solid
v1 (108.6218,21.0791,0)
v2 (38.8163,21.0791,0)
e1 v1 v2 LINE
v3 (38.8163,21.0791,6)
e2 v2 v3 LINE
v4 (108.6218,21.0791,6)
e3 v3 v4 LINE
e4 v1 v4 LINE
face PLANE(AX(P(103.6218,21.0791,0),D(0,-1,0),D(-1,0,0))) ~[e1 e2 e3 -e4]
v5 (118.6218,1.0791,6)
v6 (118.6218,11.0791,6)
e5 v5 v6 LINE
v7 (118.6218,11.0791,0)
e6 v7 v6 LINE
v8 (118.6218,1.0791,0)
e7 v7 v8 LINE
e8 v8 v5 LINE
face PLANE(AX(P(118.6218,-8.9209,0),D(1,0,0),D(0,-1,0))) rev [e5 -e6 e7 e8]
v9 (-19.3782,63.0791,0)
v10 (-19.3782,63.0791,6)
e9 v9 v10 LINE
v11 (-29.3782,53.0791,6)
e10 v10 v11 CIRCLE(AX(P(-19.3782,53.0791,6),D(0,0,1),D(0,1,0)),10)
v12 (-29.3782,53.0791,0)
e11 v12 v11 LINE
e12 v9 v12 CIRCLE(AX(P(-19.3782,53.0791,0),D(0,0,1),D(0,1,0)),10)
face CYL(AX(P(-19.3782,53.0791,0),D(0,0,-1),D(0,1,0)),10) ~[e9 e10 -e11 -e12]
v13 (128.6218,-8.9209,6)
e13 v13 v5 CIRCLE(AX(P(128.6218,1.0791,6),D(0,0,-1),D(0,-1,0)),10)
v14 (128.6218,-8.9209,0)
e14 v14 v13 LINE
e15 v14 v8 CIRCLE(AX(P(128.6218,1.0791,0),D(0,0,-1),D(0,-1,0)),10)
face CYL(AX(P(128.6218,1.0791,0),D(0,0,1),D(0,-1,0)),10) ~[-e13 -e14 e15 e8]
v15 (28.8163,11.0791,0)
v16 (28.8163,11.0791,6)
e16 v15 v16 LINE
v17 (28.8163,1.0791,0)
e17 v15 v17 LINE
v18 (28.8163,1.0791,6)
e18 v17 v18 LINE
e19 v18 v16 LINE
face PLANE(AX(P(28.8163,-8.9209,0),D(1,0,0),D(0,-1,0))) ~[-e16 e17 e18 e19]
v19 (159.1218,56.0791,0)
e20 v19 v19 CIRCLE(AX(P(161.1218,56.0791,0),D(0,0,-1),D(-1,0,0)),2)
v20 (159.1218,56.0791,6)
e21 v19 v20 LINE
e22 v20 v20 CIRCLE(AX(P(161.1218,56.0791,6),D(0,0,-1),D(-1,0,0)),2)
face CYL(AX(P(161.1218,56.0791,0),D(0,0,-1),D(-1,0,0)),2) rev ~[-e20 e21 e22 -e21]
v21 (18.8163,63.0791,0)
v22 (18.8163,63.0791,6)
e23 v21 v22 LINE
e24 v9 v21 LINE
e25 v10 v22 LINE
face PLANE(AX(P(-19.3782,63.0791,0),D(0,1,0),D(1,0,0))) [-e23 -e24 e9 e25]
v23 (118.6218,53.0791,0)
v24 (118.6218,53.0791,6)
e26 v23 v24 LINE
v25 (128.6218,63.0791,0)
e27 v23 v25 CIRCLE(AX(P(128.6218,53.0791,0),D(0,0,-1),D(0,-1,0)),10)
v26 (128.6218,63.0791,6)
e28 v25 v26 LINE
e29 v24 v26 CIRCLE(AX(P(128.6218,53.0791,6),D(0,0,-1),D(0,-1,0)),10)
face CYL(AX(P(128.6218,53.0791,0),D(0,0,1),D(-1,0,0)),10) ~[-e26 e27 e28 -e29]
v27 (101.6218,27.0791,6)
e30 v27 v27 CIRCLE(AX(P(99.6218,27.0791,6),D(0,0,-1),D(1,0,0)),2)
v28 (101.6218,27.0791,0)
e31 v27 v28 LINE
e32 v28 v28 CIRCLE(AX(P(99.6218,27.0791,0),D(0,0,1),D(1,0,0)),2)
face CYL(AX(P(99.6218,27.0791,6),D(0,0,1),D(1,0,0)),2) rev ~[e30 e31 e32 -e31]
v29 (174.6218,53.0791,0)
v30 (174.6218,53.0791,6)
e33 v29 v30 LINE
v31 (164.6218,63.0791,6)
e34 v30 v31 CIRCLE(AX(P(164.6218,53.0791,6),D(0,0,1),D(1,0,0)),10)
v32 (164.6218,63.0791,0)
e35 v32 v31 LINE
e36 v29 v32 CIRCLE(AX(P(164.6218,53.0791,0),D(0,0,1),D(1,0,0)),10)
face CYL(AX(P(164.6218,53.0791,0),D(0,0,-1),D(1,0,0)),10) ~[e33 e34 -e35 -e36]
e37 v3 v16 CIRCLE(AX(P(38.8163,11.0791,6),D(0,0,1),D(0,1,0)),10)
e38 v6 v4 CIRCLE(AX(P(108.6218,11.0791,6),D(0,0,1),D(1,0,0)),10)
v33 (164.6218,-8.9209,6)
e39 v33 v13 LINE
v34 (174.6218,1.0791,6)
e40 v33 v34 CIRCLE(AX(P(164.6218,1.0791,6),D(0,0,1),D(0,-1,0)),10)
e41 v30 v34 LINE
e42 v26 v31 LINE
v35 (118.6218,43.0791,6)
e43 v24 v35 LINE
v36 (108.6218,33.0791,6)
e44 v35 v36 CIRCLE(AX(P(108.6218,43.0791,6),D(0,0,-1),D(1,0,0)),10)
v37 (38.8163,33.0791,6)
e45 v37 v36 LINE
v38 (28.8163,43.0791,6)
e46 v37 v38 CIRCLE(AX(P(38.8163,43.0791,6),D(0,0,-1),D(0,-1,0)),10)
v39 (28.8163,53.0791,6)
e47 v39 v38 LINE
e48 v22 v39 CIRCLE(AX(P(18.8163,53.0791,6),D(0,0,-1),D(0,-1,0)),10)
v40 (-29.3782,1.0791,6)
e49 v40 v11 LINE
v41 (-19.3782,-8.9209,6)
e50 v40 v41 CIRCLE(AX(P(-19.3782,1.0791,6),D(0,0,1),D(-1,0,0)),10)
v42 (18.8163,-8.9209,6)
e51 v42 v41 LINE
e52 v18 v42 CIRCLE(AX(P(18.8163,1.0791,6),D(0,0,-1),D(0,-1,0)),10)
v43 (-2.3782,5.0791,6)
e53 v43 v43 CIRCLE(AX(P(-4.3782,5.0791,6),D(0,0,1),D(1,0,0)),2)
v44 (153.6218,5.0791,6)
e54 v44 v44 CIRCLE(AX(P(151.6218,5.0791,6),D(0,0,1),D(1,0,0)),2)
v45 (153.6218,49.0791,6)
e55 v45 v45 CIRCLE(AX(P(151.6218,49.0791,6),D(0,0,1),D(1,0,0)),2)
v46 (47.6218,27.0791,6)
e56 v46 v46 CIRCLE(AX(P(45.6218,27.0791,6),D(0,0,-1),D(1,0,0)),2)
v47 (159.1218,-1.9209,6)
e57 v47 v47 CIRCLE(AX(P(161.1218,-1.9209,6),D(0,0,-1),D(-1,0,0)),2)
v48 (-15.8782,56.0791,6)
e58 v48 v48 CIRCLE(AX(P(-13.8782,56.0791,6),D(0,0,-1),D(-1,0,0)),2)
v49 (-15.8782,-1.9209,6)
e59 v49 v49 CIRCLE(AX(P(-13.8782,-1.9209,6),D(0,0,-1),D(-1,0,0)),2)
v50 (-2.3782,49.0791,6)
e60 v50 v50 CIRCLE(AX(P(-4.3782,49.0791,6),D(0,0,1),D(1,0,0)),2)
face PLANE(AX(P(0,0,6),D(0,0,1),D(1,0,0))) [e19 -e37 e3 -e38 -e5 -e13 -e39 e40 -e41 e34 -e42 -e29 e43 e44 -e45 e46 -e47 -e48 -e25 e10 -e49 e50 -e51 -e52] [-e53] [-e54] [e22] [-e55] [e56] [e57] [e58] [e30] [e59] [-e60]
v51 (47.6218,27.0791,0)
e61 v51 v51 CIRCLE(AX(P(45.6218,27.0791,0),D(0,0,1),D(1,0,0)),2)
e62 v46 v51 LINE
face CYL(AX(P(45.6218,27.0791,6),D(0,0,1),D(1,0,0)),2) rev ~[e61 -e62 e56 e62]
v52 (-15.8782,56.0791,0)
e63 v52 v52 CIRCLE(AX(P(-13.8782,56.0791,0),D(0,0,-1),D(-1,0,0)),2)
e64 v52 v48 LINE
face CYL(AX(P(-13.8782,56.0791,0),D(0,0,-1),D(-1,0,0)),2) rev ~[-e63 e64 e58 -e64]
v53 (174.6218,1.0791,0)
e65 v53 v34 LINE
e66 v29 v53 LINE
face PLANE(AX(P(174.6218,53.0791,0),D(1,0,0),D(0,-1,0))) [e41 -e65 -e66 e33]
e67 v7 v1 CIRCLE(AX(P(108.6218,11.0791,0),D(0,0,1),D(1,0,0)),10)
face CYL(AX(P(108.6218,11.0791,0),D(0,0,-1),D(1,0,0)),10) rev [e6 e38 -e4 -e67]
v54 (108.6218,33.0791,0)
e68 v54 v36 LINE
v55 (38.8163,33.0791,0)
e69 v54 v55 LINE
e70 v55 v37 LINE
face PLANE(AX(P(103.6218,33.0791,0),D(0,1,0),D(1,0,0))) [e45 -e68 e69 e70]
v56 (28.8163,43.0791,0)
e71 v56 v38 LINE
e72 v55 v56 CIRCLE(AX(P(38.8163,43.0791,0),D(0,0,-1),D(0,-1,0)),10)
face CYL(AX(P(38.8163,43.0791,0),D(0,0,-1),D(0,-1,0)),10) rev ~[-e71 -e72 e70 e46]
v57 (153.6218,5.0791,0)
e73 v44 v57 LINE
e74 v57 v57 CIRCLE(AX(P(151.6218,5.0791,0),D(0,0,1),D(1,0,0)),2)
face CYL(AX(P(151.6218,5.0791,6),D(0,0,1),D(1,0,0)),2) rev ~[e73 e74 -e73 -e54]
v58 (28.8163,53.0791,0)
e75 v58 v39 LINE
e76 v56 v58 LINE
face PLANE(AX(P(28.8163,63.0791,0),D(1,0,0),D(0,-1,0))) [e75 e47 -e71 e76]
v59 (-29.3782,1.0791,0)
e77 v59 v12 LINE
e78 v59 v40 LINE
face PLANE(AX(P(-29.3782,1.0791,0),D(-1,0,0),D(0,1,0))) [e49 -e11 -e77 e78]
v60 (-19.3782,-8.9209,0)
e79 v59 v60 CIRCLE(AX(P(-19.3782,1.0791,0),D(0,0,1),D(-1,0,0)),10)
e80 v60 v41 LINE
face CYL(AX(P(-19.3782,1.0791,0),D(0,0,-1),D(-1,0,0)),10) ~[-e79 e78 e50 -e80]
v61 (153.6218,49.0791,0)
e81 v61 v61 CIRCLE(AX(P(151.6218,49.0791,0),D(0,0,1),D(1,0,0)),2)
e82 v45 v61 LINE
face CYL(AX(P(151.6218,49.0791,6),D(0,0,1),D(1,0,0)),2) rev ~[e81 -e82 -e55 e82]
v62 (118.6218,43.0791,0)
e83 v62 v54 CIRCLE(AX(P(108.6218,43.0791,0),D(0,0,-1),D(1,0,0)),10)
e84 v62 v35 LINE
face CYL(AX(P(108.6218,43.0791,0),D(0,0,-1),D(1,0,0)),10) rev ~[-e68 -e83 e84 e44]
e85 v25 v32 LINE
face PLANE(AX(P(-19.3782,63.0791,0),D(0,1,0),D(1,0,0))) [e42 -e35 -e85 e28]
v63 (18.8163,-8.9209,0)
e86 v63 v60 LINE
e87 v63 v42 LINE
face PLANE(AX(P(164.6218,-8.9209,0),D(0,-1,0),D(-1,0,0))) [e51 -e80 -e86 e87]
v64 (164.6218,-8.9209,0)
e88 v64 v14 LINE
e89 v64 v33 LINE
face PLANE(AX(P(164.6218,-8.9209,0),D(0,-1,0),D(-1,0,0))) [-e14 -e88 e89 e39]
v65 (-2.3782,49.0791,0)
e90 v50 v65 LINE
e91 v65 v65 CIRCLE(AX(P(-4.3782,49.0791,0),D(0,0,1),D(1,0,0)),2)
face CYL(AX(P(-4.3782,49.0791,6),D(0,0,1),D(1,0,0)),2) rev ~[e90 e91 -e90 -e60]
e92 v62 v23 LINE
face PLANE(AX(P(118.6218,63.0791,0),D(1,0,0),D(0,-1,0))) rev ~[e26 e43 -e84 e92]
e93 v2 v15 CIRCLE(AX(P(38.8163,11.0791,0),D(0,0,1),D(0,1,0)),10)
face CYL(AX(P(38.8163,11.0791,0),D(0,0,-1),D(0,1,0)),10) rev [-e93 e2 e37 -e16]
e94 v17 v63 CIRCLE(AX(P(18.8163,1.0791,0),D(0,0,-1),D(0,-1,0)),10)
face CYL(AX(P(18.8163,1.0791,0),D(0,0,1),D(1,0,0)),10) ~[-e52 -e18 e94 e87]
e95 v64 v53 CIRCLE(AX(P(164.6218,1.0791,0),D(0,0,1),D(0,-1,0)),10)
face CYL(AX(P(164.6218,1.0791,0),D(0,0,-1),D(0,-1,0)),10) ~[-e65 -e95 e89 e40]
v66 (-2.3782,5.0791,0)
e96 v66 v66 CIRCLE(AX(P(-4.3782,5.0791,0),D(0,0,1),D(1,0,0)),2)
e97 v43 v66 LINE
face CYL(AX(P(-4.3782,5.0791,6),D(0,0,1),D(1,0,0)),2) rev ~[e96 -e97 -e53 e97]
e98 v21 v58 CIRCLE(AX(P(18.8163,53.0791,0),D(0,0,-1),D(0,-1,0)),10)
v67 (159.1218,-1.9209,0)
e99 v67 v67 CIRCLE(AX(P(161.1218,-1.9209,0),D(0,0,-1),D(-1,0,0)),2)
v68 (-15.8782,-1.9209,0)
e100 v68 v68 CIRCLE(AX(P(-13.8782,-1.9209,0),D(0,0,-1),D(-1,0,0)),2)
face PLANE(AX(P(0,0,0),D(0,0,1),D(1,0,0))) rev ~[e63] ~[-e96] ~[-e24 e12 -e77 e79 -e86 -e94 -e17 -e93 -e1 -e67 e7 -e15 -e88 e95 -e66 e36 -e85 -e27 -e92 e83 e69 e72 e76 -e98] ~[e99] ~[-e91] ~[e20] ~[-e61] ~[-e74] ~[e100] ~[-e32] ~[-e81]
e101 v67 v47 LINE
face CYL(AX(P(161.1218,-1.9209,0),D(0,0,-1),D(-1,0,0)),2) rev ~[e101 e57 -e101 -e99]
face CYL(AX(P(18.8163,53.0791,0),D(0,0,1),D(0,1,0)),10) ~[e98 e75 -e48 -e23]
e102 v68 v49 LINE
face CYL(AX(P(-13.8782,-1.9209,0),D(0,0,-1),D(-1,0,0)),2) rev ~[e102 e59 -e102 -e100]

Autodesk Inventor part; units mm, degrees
ref_plane "YZ Plane" through (0, 0, 0) normal (1, 0, 0) x (0, 1, 0)
sketch "Sketch1" plane through (0, 0, 0) normal (0, 0, 1) x (1, 0, 0)
  line L0 (-19.3782, 63.0791) -> (164.6218, 63.0791)
  line L1 (174.6218, 53.0791) -> (174.6218, 1.0791)
  line L2 (164.6218, -8.9209) -> (-19.3782, -8.9209)
  line L3 (-29.3782, 1.0791) -> (-29.3782, 53.0791)
  arc A0 (-19.3782, 63.0791) -> (-29.3782, 53.0791) centre (-19.3782, 53.0791) ccw
  arc A1 (-29.3782, 1.0791) -> (-19.3782, -8.9209) centre (-19.3782, 1.0791) ccw
  arc A2 (164.6218, -8.9209) -> (174.6218, 1.0791) centre (164.6218, 1.0791) ccw
  arc A3 (174.6218, 53.0791) -> (164.6218, 63.0791) centre (164.6218, 53.0791) ccw
  point P0 (0, 0)
  point P1 (-29.3782, 63.0791)
  point P2 (174.6218, -8.9209)
  point P3 (-29.3782, -8.9209)
  dimension "d0" = 204
  dimension "d1" = 72
  dimension "d2" = 10
extrude "Extrusion1" add sketch "Sketch1" along normal blind 6
sketch "Sketch4" plane through (0, 0, 6) normal (0, 0, 1) x (1, 0, 0)
  circle A0 centre (-4.3782, 5.0791) radius 2
  circle A1 centre (-19.3782, 14.5791) radius 2 projected
  circle A2 centre (-4.3782, 49.0791) radius 2
  circle A3 centre (-19.3782, 39.5791) radius 2 projected
  line L0 (164.6218, 63.0791) -> (-19.3782, 63.0791) projected
  line L1 (72.6218, 63.0791) -> (72.6218, -8.9209)
  line L2 (-19.3782, -8.9209) -> (164.6218, -8.9209) projected
  circle A4 centre (151.6218, 5.0791) radius 2
  circle A5 centre (151.6218, 49.0791) radius 2
  line L3 (-29.3782, 53.0791) -> (-29.3782, 1.0791) projected
  point P0 (0, 0)
  dimension "d17" = 4
  dimension "d19" = 4
  dimension "d38" = 14
  dimension "d39" = 14
  dimension "d40" = 25
  dimension "d41" = 25
  dimension "d43" = 156
  dimension "d44" = 156
  dimension "d45" = 79
extrude "Extrusion4" cut sketch "Sketch4" against normal blind 6 contours A0 | A2 | A4 | A5
ref_plane "Work Plane1" through (74.6218, 1.0791, 0) normal (1, 0, 0) x (0, 0, -1)
ref_plane "Work Plane2" through (-19.3782, 27.0791, 0) normal (0, -1, 0) x (1, 0, 0)
sketch "Sketch5" plane through (0, 0, 0) normal (0, 0, -1) x (-1, 0, 0)
  line L0 (-41.6218, -8.9209) -> (-72.6218, -8.9209)
  line L1 (-72.6218, -8.9209) -> (-72.6218, 21.0791)
  line L2 (-72.6218, 21.0791) -> (-41.6218, 21.0791)
  line L3 (-41.6218, 21.0791) -> (-41.6218, -8.9209)
  line L4 (19.3782, -8.9209) -> (-164.6218, -8.9209) projected
  line L5 (-164.6218, 63.0791) -> (19.3782, 63.0791) projected
  line L6 (-72.6218, -8.9209) -> (-103.6218, -8.9209)
  line L7 (-103.6218, -8.9209) -> (-103.6218, 21.0791)
  line L8 (-103.6218, 21.0791) -> (-72.6218, 21.0791)
  line L9 (-72.6218, 21.0791) -> (-72.6218, -8.9209)
  line L10 (-43.8163, 63.0791) -> (-72.6218, 63.0791)
  line L11 (-72.6218, 63.0791) -> (-72.6218, 33.0791)
  line L12 (-72.6218, 33.0791) -> (-53.8163, 33.0791)
  line L13 (-43.8163, 32.0791) -> (-43.8163, 63.0791)
  line L14 (-72.6218, 33.0791) -> (-93.6218, 33.0791)
  line L15 (-103.6218, 31.0791) -> (-103.6218, 63.0791)
  line L16 (-103.6218, 63.0791) -> (-72.6218, 63.0791)
  line L17 (-72.6218, 63.0791) -> (-72.6218, 33.0791)
  line L18 (-41.6218, -8.9209) -> (-6.6218, -8.9209)
  line L19 (-43.8163, 63.0791) -> (-11.7113, 63.0791)
  line L20 (-103.6218, -8.9209) -> (-138.6218, -8.9209)
  line L21 (-103.6218, 63.0791) -> (-138.6218, 63.0791)
  line L22 (-43.8163, 63.0791) -> (-28.8163, 63.0791)
  line L23 (-28.8163, 63.0791) -> (-28.8163, 51.444)
  line L24 (-43.8163, 32.0791) -> (-43.8163, 63.0791)
  line L25 (-103.6218, 63.0791) -> (-118.6218, 63.0791)
  line L26 (-118.6218, 63.0791) -> (-118.6218, 50.444)
  line L27 (-103.6218, 31.0791) -> (-103.6218, 63.0791)
  line L28 (-72.6218, -8.9209) -> (-72.6218, 21.0791)
  line L29 (-72.6218, 33.0791) -> (-72.6218, 63.0791)
  line L30 (-28.8163, 51.444) -> (-28.8163, 43.0791)
  line L31 (-38.8163, 33.0791) -> (-53.8163, 33.0791)
  line L32 (-93.6218, 33.0791) -> (-108.6218, 33.0791)
  line L33 (-118.6218, 43.0791) -> (-118.6218, 50.444)
  arc A0 (-38.8163, 33.0791) -> (-28.8163, 43.0791) centre (-38.8163, 43.0791) ccw
  arc A1 (-118.6218, 43.0791) -> (-108.6218, 33.0791) centre (-108.6218, 43.0791) ccw
  line L34 (29.3782, 1.0791) -> (29.3782, 53.0791) projected
  point P0 (0, 0)
  dimension "d25" = 31
  dimension "d26" = 30
  dimension "d27" = 31
  dimension "d28" = 30
  dimension "d29" = 35
  dimension "d30" = 35
  dimension "d46" = 15
  dimension "d47" = 15
  dimension "d48" = 10
  dimension "d61" = 102
extrude "Extrusion5" cut sketch "Sketch5" against normal blind 6 contours L5 L15 L32 A1 L33 L26 | L5 L11 L14 L32 L15 | L5 L13 L31 L12 L11 | L5 L23 L30 A0 L31 L13
ref_plane "Work Plane3" through (-19.3782, 27.0791, 6) normal (0, 1, 0) x (1, 0, 0)
mirror "Mirror1" about plane through (-19.3782, 27.0791, 6) normal (0, 1, 0) of "Extrusion5"
fillet "Fillet1" radius 10 4 edges at (118.6218, 63.0791, 3) (28.8163, 63.0791, 3) (28.8163, -8.9209, 3) (118.6218, -8.9209, 3)
sketch "Sketch7" plane through (0, 0, 0) normal (0, 0, -1) x (-1, 0, 0)
  circle A0 centre (13.8782, -1.9209) radius 2
  circle A1 centre (13.8782, 56.0791) radius 2
  circle A2 centre (-161.1218, 56.0791) radius 2
  circle A3 centre (-161.1218, -1.9209) radius 2
  line L0 (-28.8163, 53.0791) -> (-28.8163, 43.0791) projected
  line L1 (-28.8163, 11.0791) -> (-28.8163, 1.0791) projected
  line L2 (-118.6218, 1.0791) -> (-118.6218, 11.0791) projected
  line L3 (-118.6218, 43.0791) -> (-118.6218, 53.0791) projected
  point P0 (0, 0)
  point P1 (-161.1218, 5.0791)
  dimension "d49" = 4
  dimension "d50" = 4
  dimension "d54" = 7
  dimension "d57" = 42.6945
  dimension "d58" = 42.6945
  dimension "d59" = 42.5
  dimension "d60" = 42.5
extrude "Extrusion6" cut sketch "Sketch7" against normal blind 6
sketch "Sketch8" plane through (0, 0, 6) normal (0, 0, 1) x (1, 0, 0)
  line L0 (-29.3782, 1.0791) -> (-29.3782, 53.0791) projected
  line L1 (-29.3782, 27.0791) -> (174.6218, 27.0791)
  line L2 (174.6218, 53.0791) -> (174.6218, 1.0791) projected
  circle A0 centre (45.6218, 27.0791) radius 2
  circle A1 centre (99.6218, 27.0791) radius 2
  point P0 (0, 0)
  dimension "d62" = 4
  dimension "d63" = 4
  dimension "d64" = 75
  dimension "d65" = 75
extrude "Extrusion7" cut sketch "Sketch8" against normal blind 6
properties part number "top plate" material "UHMW, White"
